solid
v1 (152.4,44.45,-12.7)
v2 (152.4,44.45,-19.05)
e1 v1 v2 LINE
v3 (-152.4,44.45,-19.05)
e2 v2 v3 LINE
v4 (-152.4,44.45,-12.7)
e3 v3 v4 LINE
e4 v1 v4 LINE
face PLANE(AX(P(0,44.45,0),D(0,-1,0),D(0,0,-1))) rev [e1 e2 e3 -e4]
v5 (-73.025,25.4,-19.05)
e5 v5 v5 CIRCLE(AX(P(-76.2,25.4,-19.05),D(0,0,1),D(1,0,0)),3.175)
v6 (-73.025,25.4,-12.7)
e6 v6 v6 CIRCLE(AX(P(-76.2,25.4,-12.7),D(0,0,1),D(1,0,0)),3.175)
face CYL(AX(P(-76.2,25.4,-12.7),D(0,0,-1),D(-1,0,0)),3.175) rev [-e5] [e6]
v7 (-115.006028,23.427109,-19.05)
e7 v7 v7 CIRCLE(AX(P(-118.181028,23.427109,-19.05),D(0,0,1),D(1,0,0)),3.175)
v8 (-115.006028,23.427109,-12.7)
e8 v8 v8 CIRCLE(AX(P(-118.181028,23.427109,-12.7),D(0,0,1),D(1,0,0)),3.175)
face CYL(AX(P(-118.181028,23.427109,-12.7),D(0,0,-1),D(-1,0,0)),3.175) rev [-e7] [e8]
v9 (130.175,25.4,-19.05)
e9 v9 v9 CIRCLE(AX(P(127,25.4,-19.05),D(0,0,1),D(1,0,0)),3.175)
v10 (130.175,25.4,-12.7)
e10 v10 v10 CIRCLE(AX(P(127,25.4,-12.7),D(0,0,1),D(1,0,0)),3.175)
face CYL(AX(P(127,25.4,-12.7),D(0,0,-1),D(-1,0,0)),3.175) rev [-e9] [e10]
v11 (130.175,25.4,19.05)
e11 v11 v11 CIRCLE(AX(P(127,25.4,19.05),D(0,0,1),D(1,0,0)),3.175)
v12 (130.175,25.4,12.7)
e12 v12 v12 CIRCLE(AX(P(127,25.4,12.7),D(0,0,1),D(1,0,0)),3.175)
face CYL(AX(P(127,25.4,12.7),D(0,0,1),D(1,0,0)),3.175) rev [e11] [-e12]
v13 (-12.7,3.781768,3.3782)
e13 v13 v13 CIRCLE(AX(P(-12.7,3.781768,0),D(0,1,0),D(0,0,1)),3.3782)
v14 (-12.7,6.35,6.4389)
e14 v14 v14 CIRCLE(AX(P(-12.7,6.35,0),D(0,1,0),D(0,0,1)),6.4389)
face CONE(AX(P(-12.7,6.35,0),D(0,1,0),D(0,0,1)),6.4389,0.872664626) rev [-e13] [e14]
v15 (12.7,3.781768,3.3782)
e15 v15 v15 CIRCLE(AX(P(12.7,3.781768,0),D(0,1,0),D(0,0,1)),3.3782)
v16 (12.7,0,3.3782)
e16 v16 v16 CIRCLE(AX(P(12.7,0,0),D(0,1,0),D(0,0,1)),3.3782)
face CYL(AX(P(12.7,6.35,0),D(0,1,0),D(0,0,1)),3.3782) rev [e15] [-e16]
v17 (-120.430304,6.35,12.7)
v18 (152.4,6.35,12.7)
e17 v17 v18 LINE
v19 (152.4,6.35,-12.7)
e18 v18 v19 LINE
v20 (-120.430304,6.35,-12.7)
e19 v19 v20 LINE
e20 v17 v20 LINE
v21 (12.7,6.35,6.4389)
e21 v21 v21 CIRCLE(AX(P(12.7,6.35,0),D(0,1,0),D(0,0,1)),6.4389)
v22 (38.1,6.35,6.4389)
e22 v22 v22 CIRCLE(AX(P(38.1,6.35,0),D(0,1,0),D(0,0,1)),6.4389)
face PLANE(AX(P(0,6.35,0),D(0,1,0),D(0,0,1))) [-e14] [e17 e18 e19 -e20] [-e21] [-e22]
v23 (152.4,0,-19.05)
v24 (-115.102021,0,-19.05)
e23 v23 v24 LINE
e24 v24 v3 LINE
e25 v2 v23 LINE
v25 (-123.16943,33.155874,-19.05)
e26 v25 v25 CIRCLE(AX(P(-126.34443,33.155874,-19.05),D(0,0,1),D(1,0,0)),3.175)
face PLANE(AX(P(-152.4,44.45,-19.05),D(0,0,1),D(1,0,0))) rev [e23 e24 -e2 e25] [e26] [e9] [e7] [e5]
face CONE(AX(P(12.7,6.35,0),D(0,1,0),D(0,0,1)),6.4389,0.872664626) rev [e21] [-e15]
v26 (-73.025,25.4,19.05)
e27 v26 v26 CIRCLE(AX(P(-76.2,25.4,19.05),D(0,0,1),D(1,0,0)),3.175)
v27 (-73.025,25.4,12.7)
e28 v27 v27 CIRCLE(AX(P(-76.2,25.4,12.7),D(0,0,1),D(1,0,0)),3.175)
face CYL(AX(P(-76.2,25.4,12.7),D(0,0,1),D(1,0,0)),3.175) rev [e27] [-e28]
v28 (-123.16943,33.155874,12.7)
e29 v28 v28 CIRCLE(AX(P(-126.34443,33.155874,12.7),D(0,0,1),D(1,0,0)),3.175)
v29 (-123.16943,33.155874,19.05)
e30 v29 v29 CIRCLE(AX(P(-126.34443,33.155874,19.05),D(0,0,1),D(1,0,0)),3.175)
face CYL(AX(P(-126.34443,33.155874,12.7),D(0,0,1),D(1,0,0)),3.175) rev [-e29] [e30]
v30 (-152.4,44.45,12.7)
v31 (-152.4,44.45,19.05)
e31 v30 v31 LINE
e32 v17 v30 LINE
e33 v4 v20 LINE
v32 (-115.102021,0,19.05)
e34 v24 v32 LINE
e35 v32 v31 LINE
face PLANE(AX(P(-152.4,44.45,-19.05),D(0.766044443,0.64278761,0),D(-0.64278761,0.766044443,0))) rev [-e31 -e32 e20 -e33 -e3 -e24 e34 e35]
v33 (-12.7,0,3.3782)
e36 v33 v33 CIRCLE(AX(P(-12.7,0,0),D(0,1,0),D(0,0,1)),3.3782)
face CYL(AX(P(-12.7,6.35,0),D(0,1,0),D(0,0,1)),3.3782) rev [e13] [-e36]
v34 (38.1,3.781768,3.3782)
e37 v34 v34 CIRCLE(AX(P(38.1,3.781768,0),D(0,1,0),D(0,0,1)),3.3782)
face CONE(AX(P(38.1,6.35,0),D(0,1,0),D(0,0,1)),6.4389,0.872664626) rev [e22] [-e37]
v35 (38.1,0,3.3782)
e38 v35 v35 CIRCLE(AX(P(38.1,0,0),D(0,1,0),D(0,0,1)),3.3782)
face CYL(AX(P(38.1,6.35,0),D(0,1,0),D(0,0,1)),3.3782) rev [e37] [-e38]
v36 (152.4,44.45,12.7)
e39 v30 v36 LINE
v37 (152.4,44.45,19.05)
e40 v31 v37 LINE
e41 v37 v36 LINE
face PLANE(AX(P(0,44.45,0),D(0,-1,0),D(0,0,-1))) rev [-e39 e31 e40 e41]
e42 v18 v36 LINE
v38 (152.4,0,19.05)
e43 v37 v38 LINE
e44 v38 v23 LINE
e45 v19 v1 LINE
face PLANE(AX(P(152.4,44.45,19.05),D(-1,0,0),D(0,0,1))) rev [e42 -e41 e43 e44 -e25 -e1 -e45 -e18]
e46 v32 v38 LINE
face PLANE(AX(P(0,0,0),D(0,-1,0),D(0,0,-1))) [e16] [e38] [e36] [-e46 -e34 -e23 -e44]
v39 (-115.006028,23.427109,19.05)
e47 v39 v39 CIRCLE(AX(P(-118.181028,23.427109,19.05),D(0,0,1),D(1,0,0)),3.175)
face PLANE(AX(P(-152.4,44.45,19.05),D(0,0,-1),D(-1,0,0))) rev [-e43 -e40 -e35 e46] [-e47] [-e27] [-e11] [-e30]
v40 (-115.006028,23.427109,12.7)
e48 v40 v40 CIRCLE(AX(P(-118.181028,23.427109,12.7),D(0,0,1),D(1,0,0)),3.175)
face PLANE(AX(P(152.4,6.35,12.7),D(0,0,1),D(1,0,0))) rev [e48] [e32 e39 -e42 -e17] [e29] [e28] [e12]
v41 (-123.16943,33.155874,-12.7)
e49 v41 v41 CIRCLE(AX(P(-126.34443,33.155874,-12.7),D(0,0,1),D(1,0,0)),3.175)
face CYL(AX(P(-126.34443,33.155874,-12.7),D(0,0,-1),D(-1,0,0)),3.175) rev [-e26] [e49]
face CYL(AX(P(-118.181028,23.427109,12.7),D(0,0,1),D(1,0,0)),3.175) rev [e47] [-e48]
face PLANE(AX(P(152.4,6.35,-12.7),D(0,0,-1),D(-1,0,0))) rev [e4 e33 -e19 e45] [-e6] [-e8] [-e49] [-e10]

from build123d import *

# Parameters (mm, degrees)
SKETCH1_W                                            = 304.8
SKETCH1_H                                            = 38.1
BOSS_EXTRUDE1_DEPTH                                  = 44.45
SKETCH2_W                                            = 304.8
SKETCH2_H                                            = 25.4
CUT_EXTRUDE1_DEPTH                                   = 38.1
CUT_EXTRUDE3_DEPTH                                   = 38.1
SKETCH5_R                                            = 3.175
CUT_EXTRUDE4_DEPTH                                   = 6.35
CSK_SLOT_FOR_1_4_FLAT_HEAD_MACHINE_SCREW_D           = 6.7564
CSK_SLOT_FOR_1_4_FLAT_HEAD_MACHINE_SCREW_CSINK_D     = 12.8778
CSK_SLOT_FOR_1_4_FLAT_HEAD_MACHINE_SCREW_CSINK_ANGLE = 100
SKETCH12_R                                           = 3.175
CUT_EXTRUDE5_DEPTH                                   = 6.35


with BuildPart() as part:
    # Sketch1 → Boss-Extrude1 (new body)
    with BuildSketch(Plane(origin=(0, 0, 0), x_dir=(1, 0, 0), z_dir=(0, 1, 0))):
        Rectangle(SKETCH1_W, SKETCH1_H)
    extrude(amount=BOSS_EXTRUDE1_DEPTH)

    # Sketch2 → Cut-Extrude1 (cut)
    with BuildSketch(Plane(origin=(0, 44.45, 0), x_dir=(1, 0, 0), z_dir=(0, 1, 0))):
        Rectangle(SKETCH2_W, SKETCH2_H)
    extrude(amount=-CUT_EXTRUDE1_DEPTH, mode=Mode.SUBTRACT)

    # Sketch4 → Cut-Extrude3 (cut)
    with BuildSketch(Plane.XY.offset(19.05)):
        Polygon((-152.4, 44.45), (-115.102021394, 0), (-152.4, 0), align=None)
    extrude(amount=-CUT_EXTRUDE3_DEPTH, mode=Mode.SUBTRACT)

    # Sketch5 → Cut-Extrude4 (cut)
    with BuildSketch(Plane.XY.offset(19.05)):
        with Locations((-126.344430286, 33.155873788)):
            Circle(SKETCH5_R)
        with Locations((-118.181027643, 23.42710936)):
            Circle(SKETCH5_R)
    cut_extrude4 = extrude(amount=-CUT_EXTRUDE4_DEPTH, mode=Mode.SUBTRACT)

    # Mirror1: Cut-Extrude4 across plane
    add(cut_extrude4.mirror(Plane.XY), mode=Mode.SUBTRACT)

    # CSK SLOT for 1/4 Flat Head Machine Screw (100)1 (through all)
    with Locations(Plane(origin=(0, 6.35, 0), x_dir=(1, 0, 0), z_dir=(0, 1, 0))):
        with Locations((-12.7, 0), (12.7, 0), (38.1, 0)):
            CounterSinkHole(CSK_SLOT_FOR_1_4_FLAT_HEAD_MACHINE_SCREW_D / 2, CSK_SLOT_FOR_1_4_FLAT_HEAD_MACHINE_SCREW_CSINK_D / 2, counter_sink_angle=CSK_SLOT_FOR_1_4_FLAT_HEAD_MACHINE_SCREW_CSINK_ANGLE)

    # Sketch12 → Cut-Extrude5 (cut)
    with BuildSketch(Plane.XY.offset(19.05)):
        with Locations((-76.2, 25.4)):
            Circle(SKETCH12_R)
        with Locations((127, 25.4)):
            Circle(SKETCH12_R)
    cut_extrude5 = extrude(amount=-CUT_EXTRUDE5_DEPTH, mode=Mode.SUBTRACT)

    # Mirror2: Cut-Extrude5 across plane
    add(cut_extrude5.mirror(Plane.XY), mode=Mode.SUBTRACT)


solid = part.part
